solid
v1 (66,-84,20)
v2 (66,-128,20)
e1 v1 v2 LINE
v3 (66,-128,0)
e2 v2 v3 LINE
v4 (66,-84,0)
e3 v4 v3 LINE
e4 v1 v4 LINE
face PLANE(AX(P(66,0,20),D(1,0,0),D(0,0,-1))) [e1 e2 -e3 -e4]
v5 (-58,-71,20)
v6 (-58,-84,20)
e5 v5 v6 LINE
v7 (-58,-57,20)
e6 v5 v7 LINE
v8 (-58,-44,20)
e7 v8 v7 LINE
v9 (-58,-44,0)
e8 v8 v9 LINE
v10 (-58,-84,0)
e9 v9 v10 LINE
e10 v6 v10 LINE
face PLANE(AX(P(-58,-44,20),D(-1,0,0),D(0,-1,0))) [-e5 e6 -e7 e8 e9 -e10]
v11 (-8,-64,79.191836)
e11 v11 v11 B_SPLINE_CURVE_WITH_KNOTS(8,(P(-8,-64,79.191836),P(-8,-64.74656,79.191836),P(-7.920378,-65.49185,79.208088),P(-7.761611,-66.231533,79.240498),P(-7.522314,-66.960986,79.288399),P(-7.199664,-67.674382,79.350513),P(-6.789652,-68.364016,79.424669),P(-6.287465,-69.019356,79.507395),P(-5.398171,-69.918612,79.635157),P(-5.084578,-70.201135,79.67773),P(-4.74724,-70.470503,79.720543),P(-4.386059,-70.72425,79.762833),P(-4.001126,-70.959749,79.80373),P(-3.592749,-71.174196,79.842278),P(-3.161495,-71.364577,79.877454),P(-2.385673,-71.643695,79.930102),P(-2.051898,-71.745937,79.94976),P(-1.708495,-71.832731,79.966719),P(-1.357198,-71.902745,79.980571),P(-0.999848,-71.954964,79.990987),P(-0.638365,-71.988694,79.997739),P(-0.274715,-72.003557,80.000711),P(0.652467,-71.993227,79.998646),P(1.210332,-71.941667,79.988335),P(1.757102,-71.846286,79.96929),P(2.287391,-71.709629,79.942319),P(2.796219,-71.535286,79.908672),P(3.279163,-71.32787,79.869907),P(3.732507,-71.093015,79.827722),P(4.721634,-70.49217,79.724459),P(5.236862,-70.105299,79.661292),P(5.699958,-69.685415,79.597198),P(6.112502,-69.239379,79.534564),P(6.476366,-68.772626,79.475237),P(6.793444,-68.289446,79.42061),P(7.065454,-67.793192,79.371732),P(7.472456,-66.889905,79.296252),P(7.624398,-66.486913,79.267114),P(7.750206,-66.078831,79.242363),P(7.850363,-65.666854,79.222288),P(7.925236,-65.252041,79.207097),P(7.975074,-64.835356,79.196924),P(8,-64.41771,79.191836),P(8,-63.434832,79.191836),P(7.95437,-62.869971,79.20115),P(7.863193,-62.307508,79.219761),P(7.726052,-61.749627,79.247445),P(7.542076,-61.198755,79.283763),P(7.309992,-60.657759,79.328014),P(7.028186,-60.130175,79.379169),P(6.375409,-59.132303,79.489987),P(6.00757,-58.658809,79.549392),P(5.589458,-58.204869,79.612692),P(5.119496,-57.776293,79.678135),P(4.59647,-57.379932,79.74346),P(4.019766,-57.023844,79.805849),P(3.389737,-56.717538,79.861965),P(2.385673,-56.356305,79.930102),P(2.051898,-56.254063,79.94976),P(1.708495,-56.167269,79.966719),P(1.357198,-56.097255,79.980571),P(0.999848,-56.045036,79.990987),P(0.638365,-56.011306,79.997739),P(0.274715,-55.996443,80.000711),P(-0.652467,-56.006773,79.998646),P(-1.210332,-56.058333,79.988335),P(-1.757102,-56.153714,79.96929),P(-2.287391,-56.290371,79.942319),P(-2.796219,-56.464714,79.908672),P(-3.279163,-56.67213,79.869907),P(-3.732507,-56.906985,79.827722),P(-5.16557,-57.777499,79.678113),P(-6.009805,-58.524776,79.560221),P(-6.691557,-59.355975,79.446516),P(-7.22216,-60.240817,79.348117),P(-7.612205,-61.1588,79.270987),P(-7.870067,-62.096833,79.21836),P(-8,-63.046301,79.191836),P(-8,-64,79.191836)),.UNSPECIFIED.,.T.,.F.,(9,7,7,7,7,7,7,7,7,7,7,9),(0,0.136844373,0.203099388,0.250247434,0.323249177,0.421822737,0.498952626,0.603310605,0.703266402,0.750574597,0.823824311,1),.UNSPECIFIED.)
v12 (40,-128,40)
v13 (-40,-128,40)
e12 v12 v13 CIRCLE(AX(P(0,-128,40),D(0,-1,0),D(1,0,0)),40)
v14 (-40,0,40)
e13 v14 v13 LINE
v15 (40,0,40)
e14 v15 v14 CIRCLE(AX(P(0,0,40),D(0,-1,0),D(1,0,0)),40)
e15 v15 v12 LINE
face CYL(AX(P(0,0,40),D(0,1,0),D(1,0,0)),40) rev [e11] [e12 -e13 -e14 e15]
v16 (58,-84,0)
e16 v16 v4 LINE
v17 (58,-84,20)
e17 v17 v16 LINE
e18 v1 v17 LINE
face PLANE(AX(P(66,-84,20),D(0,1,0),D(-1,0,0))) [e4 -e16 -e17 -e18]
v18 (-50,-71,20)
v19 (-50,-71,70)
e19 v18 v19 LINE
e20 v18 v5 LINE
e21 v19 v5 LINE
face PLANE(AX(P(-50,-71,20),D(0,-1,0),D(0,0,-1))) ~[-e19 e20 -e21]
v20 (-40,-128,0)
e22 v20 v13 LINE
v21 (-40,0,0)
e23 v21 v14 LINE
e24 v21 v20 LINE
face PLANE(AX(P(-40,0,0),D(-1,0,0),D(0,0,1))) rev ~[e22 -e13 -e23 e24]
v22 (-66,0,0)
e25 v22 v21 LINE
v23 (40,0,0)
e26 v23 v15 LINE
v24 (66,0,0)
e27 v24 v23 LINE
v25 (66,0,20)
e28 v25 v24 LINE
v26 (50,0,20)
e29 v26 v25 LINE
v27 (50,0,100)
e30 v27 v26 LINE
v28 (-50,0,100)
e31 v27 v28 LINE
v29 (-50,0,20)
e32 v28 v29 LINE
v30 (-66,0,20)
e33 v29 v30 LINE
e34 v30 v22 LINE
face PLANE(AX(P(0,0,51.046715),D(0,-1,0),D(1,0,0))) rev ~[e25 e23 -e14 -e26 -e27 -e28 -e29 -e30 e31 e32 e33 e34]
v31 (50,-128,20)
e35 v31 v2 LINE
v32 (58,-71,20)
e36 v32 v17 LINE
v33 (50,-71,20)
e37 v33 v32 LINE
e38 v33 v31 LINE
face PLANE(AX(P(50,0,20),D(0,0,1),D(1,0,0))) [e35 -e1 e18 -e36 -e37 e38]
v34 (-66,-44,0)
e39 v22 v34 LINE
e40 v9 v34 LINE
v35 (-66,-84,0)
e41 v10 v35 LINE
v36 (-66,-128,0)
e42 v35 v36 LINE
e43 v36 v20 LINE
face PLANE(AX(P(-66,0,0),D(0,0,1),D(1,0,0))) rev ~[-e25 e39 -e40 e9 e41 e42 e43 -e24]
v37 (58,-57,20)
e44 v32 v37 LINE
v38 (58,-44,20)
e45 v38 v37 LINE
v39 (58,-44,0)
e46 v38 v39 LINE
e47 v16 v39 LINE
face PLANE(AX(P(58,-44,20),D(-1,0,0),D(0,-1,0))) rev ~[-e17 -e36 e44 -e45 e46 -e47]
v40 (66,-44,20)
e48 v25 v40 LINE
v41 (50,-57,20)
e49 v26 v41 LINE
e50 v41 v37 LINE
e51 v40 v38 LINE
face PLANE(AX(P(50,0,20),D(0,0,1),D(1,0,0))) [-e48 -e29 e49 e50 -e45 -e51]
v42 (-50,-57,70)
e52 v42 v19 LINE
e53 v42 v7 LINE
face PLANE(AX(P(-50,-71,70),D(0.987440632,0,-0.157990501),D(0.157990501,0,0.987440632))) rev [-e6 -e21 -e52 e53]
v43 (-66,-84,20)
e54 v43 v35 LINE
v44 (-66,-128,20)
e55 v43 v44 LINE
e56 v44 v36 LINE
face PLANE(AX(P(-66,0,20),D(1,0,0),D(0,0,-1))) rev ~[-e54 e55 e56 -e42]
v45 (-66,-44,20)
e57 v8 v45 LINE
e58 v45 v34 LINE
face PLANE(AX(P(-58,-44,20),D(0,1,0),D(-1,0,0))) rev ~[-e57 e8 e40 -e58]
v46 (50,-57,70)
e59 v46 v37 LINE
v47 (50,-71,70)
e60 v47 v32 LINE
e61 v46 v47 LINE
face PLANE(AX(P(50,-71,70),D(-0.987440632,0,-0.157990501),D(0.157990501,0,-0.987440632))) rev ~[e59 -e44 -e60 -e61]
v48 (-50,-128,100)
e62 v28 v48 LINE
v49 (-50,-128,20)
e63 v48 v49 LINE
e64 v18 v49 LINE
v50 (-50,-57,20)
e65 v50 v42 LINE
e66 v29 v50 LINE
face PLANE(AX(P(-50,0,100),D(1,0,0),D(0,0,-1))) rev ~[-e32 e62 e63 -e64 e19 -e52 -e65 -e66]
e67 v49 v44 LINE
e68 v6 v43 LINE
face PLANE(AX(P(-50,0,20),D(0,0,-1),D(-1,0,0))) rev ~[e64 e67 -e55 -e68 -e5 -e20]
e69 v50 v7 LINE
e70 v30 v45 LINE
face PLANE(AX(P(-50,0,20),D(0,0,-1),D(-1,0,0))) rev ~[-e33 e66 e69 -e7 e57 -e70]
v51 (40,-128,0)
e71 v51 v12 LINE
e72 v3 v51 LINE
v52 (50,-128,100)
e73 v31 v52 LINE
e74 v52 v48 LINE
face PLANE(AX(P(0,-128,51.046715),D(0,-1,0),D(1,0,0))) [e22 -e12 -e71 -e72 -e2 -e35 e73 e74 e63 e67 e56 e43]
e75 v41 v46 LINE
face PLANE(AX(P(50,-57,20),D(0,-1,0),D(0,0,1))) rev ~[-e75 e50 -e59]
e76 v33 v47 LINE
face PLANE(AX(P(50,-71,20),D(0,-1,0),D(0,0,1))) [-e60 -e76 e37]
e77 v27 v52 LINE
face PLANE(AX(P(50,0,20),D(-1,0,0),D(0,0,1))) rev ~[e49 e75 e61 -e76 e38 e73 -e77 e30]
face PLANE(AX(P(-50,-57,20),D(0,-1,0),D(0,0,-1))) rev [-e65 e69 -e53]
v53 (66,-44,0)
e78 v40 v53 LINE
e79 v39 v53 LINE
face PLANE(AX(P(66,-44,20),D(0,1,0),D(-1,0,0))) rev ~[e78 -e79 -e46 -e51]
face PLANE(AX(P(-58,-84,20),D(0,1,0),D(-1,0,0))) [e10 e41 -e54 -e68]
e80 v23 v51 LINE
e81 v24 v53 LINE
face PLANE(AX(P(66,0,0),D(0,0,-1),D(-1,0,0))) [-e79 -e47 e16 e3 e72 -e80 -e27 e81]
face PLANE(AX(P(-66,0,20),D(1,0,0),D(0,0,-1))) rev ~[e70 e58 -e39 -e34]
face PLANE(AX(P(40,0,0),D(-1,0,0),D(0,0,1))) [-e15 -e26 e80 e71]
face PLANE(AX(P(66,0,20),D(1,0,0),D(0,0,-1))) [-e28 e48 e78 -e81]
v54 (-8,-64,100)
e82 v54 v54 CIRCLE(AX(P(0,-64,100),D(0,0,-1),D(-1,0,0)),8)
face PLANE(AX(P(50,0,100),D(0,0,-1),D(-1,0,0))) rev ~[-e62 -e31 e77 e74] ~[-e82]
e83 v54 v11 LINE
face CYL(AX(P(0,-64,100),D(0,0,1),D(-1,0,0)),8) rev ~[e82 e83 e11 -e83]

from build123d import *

# Parameters (mm, degrees)
PAD_DEPTH       = 128
SKETCH001_W     = 8
SKETCH001_H     = 40
POCKET_DEPTH    = 20.001
SKETCH002_W     = 50
SKETCH002_H     = 14
PAD001_DEPTH    = 8
SKETCH003_R     = 8
POCKET001_DEPTH = 100.001
POCKET002_DEPTH = 71.001


with BuildPart() as part:
    # Sketch → Pad (new body)
    with BuildSketch(Plane.XZ):
        with BuildLine():
            Line((-50, 100), (-50, 20))
            Line((-50, 20), (-66, 20))
            Line((-66, 20), (-66, 0))
            Line((-66, 0), (-40, 0))
            Line((-40, 0), (-40, 40))
            ThreePointArc((40, 40), (0, 80), (-40, 40))
            Line((40, 0), (40, 40))
            Line((66, 0), (40, 0))
            Line((66, 20), (66, 0))
            Line((50, 20), (66, 20))
            Line((50, 20), (50, 100))
            Line((50, 100), (-50, 100))
        make_face()
    extrude(amount=PAD_DEPTH)

    # Sketch001 (on Face12 of Pad) → Pocket (cut, through all)
    with BuildSketch(Plane(origin=(0, 0, 20), x_dir=(-1, 0, 0), z_dir=(0, 0, 1))):
        with Locations((-62, 64)):
            Rectangle(SKETCH001_W, SKETCH001_H)
        with Locations((62, 64)):
            Rectangle(SKETCH001_W, SKETCH001_H)
    extrude(amount=-POCKET_DEPTH, mode=Mode.SUBTRACT)

    # Sketch002 (on Face1 of Pocket) → Pad001 (join)
    with BuildSketch(Plane(origin=(50, 0, 0), x_dir=(0, 0, 1), z_dir=(1, 0, 0))):
        with Locations((45, 64)):
            Rectangle(SKETCH002_W, SKETCH002_H)
    extrude(amount=PAD001_DEPTH)

    # Sketch003 (on Face3 of Pad001) → Pocket001 (cut, through all)
    with BuildSketch(Plane(origin=(0, 0, 100), x_dir=(-1, 0, 0), z_dir=(0, 0, 1))):
        with Locations((0, 64)):
            Circle(SKETCH003_R)
    extrude(amount=-POCKET001_DEPTH, mode=Mode.SUBTRACT)

    # Sketch004 (on Face6 of Pocket001) → Pocket002 (cut, through all)
    with BuildSketch(Plane.XZ.offset(71)):
        Polygon((58, 20), (58, 70), (50, 70), align=None)
    extrude(amount=-POCKET002_DEPTH, mode=Mode.SUBTRACT)

    # Mirrored: part across YZ


with BuildPart() as part_1:
    add(part.part)
    add(part.part.mirror(Plane.YZ))


solid = part_1.part
